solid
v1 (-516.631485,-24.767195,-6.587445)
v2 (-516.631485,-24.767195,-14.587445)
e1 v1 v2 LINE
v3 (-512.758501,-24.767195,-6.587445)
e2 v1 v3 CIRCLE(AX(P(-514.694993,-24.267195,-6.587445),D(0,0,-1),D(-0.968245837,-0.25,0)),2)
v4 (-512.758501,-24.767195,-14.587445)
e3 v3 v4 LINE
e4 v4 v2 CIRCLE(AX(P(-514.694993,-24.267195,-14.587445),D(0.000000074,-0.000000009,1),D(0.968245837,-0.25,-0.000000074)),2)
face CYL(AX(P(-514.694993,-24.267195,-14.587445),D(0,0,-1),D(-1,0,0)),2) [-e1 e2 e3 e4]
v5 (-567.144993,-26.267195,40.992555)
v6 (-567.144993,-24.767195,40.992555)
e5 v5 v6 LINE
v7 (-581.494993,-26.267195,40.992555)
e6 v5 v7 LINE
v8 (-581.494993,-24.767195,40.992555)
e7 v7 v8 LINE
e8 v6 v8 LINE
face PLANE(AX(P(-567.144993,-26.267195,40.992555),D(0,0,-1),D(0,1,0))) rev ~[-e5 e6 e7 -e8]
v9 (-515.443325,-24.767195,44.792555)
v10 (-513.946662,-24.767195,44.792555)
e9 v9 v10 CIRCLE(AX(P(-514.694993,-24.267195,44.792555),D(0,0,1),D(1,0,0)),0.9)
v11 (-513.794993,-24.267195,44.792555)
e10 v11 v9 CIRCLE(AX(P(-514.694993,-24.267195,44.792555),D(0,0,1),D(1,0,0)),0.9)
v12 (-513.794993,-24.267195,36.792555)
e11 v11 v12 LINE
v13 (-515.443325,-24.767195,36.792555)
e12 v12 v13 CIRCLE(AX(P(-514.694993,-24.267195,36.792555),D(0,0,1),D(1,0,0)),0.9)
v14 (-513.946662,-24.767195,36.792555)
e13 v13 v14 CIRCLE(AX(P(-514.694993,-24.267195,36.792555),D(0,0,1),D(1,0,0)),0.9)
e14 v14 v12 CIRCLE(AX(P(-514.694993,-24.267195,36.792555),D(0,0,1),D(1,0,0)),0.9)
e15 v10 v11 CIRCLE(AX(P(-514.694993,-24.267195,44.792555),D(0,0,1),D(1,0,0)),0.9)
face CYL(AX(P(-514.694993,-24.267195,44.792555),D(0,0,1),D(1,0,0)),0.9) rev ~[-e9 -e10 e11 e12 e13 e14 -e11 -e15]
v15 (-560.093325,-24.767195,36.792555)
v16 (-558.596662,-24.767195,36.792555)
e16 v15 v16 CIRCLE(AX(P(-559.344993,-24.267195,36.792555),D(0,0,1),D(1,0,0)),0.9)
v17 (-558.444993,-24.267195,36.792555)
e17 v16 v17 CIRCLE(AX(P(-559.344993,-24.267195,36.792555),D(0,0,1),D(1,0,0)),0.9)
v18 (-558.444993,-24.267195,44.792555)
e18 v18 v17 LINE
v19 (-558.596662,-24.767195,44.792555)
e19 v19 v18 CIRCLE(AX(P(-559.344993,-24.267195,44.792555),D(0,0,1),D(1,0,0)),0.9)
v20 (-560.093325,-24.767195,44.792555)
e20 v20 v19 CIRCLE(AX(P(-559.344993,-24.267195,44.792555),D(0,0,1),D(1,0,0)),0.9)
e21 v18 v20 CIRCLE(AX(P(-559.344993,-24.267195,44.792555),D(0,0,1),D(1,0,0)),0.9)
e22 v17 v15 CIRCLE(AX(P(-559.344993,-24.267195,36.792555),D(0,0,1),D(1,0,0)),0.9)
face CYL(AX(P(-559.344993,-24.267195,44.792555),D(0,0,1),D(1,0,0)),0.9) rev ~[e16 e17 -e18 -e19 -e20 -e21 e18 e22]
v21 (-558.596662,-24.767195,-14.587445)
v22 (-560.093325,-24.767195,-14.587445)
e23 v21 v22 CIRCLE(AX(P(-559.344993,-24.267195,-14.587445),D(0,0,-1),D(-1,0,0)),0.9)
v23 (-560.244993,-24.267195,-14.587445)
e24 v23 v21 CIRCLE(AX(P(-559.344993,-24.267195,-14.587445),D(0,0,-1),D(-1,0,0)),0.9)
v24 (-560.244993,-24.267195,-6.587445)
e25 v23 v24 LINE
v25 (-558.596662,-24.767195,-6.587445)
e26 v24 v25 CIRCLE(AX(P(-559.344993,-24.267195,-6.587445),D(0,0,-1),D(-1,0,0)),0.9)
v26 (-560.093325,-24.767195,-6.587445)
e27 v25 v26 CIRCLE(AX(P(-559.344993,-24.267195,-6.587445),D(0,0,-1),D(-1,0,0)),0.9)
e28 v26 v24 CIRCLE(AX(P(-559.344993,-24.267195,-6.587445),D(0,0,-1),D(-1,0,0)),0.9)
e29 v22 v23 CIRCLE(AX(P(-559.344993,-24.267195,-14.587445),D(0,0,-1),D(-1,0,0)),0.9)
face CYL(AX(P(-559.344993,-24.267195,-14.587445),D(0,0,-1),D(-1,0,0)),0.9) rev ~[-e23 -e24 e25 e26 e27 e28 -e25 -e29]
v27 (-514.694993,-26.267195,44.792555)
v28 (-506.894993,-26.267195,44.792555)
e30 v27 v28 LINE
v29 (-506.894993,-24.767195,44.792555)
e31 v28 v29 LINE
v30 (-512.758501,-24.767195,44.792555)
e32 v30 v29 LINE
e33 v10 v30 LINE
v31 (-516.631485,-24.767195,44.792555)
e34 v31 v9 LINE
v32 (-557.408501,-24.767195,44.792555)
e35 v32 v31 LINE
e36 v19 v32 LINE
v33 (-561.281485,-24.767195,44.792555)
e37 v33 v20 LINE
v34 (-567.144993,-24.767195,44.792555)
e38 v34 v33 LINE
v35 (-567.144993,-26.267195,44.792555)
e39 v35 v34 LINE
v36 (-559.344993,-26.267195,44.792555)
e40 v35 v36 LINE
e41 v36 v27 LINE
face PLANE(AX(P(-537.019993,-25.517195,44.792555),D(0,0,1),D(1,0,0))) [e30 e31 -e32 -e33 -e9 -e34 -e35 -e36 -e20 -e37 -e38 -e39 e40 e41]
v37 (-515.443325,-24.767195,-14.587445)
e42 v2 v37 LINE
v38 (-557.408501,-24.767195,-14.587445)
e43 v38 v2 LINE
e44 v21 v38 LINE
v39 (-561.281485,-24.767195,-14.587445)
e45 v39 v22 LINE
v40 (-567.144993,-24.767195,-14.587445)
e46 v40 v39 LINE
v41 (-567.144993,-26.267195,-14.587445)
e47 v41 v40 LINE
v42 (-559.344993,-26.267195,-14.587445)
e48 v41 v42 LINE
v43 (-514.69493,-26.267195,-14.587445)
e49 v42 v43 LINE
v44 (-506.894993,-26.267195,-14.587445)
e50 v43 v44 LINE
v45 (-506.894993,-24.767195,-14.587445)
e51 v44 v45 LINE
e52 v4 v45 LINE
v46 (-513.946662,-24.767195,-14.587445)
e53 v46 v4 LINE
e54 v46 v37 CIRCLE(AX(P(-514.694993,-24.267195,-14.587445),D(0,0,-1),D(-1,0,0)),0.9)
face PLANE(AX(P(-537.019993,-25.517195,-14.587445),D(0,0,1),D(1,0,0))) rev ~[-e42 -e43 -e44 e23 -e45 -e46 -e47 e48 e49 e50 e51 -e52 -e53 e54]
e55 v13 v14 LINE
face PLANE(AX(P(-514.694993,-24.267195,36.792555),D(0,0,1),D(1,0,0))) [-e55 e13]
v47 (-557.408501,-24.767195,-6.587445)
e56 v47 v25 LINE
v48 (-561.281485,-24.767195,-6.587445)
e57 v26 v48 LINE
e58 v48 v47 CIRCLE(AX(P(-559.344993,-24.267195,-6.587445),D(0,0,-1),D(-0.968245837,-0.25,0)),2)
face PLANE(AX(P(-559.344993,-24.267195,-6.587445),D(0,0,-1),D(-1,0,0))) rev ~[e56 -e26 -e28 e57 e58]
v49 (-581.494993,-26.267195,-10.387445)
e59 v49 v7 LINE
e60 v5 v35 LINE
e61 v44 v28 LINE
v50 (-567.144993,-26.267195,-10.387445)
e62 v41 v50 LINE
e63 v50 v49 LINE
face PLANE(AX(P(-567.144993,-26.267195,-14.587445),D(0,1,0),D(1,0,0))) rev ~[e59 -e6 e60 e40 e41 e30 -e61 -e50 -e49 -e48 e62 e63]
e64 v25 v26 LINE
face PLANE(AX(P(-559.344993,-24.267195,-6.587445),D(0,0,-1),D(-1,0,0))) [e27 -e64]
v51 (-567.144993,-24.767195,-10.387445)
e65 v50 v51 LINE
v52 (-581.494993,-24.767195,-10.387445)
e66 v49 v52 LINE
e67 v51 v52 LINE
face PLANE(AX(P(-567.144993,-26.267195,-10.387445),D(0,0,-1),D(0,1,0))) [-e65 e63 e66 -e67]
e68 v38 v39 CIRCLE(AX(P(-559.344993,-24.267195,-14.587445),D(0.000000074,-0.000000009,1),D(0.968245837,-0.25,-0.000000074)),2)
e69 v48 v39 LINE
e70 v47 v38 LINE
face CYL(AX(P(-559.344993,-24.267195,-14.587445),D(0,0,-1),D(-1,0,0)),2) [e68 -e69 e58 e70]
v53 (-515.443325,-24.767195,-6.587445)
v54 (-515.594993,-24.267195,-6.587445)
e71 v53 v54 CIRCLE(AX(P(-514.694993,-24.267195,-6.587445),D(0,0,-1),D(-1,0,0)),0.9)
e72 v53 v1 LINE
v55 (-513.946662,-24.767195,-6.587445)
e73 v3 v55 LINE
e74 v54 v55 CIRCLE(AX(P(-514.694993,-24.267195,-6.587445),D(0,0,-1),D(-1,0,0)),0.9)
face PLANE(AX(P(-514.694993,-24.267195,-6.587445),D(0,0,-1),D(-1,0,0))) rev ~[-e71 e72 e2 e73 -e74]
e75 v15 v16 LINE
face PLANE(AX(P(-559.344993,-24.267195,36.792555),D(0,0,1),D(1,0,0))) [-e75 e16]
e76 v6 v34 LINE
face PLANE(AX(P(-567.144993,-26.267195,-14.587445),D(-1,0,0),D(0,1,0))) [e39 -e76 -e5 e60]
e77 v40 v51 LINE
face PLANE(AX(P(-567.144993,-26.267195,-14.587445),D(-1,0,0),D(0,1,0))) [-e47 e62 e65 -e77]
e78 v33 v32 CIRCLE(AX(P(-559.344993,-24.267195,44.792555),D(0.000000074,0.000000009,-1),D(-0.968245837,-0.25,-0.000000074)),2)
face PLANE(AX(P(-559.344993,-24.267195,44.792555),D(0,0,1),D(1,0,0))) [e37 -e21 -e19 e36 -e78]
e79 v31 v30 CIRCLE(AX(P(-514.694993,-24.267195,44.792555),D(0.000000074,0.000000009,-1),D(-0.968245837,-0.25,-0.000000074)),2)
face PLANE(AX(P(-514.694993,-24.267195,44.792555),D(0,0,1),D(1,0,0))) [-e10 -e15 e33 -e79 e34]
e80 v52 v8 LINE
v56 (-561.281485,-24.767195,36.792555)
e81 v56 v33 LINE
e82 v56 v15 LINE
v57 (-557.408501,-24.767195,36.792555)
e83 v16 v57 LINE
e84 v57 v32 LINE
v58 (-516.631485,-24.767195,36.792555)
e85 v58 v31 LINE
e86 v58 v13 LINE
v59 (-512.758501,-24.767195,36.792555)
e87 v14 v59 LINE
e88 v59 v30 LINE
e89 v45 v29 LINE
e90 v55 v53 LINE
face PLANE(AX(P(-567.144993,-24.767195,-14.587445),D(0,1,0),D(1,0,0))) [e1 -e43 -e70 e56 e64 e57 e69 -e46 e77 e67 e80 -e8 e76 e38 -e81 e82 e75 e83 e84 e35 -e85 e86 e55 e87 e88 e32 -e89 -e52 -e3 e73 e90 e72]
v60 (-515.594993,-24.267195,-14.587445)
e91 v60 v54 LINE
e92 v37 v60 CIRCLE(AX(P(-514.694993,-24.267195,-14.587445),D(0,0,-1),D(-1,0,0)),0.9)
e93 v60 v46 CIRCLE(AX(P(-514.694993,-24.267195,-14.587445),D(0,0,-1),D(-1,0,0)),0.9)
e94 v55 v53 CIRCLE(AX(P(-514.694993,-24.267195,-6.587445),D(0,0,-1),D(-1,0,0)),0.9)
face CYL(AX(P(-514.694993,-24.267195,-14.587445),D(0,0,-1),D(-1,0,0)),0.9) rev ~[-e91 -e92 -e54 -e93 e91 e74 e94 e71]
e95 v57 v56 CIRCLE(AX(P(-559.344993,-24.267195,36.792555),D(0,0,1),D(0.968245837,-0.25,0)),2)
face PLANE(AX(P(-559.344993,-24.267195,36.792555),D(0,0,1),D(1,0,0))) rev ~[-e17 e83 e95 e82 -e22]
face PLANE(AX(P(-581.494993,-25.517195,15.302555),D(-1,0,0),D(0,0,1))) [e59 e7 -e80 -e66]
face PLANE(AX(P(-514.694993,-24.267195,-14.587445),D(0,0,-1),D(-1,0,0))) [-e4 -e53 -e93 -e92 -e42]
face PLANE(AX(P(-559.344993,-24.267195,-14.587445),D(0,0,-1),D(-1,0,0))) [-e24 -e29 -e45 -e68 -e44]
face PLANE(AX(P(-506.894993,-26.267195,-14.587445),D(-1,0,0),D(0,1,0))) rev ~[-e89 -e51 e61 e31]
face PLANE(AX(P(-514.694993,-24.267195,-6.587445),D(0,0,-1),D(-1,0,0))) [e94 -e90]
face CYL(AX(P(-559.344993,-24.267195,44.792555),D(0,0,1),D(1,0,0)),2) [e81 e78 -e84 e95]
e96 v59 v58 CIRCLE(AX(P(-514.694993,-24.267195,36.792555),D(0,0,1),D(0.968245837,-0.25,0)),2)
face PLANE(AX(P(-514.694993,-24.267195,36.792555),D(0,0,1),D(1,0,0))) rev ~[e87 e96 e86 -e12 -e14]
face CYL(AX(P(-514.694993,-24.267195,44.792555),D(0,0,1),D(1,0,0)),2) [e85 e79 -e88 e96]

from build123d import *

# Parameters (mm, degrees)
BOSS_EXTRUDE1_START = -14.587445
SKETCH1_W           = 60.25
SKETCH1_H           = 1.5
BOSS_EXTRUDE1_DEPTH = 59.38
SKETCH2_W           = 51.38
SKETCH2_H           = 1.5
BOSS_EXTRUDE2_DEPTH = 14.35
SKETCH3_R           = 1.999999999
SKETCH3_R_2         = 2.000000001
BOSS_EXTRUDE3_DEPTH = 8
SKETCH4_R           = 0.9
CUT_EXTRUDE1_DEPTH  = 8
SKETCH5_R           = 2
BOSS_EXTRUDE4_DEPTH = 8
SKETCH6_R           = 0.9
CUT_EXTRUDE2_DEPTH  = 8


with BuildPart() as part:
    # Sketch1 → Boss-Extrude1 (new body)
    with BuildSketch(Plane.XY.offset(BOSS_EXTRUDE1_START)):
        with Locations((-537.019993097, -25.517194875)):
            Rectangle(SKETCH1_W, SKETCH1_H)
    extrude(amount=BOSS_EXTRUDE1_DEPTH)

    # Sketch2 → Boss-Extrude2 (add)
    with BuildSketch(Plane.ZY.offset(567.144993097)):
        with Locations((15.302555296, -25.517194875)):
            Rectangle(SKETCH2_W, SKETCH2_H)
    extrude(amount=BOSS_EXTRUDE2_DEPTH)

    # Sketch3 → Boss-Extrude3 (add)
    with BuildSketch(Plane(origin=(0, 0, -14.587444704), x_dir=(-1, 0, 0), z_dir=(0, 0, -1))):
        with Locations((559.344993097, -24.267194875)):
            Circle(SKETCH3_R)
        with Locations((514.694993097, -24.267194875)):
            Circle(SKETCH3_R_2)
    extrude(amount=-BOSS_EXTRUDE3_DEPTH)

    # Sketch4 → Cut-Extrude1 (cut)
    with BuildSketch(Plane(origin=(0, 0, -14.587444704), x_dir=(-1, 0, 0), z_dir=(0, 0, -1))):
        with Locations((559.344993097, -24.267194875)):
            Circle(SKETCH4_R)
        with Locations((514.694993097, -24.267194875)):
            Circle(SKETCH4_R)
    extrude(amount=-CUT_EXTRUDE1_DEPTH, mode=Mode.SUBTRACT)

    # Sketch5 → Boss-Extrude4 (add)
    with BuildSketch(Plane.XY.offset(44.792555296)):
        with Locations((-559.344993097, -24.267194875)):
            Circle(SKETCH5_R)
        with Locations((-514.694993097, -24.267194875)):
            Circle(SKETCH5_R)
    extrude(amount=-BOSS_EXTRUDE4_DEPTH)

    # Sketch6 → Cut-Extrude2 (cut)
    with BuildSketch(Plane.XY.offset(44.792555296)):
        with Locations((-514.694993097, -24.267194875)):
            Circle(SKETCH6_R)
        with Locations((-559.344993097, -24.267194875)):
            Circle(SKETCH6_R)
    extrude(amount=-CUT_EXTRUDE2_DEPTH, mode=Mode.SUBTRACT)


solid = part.part
